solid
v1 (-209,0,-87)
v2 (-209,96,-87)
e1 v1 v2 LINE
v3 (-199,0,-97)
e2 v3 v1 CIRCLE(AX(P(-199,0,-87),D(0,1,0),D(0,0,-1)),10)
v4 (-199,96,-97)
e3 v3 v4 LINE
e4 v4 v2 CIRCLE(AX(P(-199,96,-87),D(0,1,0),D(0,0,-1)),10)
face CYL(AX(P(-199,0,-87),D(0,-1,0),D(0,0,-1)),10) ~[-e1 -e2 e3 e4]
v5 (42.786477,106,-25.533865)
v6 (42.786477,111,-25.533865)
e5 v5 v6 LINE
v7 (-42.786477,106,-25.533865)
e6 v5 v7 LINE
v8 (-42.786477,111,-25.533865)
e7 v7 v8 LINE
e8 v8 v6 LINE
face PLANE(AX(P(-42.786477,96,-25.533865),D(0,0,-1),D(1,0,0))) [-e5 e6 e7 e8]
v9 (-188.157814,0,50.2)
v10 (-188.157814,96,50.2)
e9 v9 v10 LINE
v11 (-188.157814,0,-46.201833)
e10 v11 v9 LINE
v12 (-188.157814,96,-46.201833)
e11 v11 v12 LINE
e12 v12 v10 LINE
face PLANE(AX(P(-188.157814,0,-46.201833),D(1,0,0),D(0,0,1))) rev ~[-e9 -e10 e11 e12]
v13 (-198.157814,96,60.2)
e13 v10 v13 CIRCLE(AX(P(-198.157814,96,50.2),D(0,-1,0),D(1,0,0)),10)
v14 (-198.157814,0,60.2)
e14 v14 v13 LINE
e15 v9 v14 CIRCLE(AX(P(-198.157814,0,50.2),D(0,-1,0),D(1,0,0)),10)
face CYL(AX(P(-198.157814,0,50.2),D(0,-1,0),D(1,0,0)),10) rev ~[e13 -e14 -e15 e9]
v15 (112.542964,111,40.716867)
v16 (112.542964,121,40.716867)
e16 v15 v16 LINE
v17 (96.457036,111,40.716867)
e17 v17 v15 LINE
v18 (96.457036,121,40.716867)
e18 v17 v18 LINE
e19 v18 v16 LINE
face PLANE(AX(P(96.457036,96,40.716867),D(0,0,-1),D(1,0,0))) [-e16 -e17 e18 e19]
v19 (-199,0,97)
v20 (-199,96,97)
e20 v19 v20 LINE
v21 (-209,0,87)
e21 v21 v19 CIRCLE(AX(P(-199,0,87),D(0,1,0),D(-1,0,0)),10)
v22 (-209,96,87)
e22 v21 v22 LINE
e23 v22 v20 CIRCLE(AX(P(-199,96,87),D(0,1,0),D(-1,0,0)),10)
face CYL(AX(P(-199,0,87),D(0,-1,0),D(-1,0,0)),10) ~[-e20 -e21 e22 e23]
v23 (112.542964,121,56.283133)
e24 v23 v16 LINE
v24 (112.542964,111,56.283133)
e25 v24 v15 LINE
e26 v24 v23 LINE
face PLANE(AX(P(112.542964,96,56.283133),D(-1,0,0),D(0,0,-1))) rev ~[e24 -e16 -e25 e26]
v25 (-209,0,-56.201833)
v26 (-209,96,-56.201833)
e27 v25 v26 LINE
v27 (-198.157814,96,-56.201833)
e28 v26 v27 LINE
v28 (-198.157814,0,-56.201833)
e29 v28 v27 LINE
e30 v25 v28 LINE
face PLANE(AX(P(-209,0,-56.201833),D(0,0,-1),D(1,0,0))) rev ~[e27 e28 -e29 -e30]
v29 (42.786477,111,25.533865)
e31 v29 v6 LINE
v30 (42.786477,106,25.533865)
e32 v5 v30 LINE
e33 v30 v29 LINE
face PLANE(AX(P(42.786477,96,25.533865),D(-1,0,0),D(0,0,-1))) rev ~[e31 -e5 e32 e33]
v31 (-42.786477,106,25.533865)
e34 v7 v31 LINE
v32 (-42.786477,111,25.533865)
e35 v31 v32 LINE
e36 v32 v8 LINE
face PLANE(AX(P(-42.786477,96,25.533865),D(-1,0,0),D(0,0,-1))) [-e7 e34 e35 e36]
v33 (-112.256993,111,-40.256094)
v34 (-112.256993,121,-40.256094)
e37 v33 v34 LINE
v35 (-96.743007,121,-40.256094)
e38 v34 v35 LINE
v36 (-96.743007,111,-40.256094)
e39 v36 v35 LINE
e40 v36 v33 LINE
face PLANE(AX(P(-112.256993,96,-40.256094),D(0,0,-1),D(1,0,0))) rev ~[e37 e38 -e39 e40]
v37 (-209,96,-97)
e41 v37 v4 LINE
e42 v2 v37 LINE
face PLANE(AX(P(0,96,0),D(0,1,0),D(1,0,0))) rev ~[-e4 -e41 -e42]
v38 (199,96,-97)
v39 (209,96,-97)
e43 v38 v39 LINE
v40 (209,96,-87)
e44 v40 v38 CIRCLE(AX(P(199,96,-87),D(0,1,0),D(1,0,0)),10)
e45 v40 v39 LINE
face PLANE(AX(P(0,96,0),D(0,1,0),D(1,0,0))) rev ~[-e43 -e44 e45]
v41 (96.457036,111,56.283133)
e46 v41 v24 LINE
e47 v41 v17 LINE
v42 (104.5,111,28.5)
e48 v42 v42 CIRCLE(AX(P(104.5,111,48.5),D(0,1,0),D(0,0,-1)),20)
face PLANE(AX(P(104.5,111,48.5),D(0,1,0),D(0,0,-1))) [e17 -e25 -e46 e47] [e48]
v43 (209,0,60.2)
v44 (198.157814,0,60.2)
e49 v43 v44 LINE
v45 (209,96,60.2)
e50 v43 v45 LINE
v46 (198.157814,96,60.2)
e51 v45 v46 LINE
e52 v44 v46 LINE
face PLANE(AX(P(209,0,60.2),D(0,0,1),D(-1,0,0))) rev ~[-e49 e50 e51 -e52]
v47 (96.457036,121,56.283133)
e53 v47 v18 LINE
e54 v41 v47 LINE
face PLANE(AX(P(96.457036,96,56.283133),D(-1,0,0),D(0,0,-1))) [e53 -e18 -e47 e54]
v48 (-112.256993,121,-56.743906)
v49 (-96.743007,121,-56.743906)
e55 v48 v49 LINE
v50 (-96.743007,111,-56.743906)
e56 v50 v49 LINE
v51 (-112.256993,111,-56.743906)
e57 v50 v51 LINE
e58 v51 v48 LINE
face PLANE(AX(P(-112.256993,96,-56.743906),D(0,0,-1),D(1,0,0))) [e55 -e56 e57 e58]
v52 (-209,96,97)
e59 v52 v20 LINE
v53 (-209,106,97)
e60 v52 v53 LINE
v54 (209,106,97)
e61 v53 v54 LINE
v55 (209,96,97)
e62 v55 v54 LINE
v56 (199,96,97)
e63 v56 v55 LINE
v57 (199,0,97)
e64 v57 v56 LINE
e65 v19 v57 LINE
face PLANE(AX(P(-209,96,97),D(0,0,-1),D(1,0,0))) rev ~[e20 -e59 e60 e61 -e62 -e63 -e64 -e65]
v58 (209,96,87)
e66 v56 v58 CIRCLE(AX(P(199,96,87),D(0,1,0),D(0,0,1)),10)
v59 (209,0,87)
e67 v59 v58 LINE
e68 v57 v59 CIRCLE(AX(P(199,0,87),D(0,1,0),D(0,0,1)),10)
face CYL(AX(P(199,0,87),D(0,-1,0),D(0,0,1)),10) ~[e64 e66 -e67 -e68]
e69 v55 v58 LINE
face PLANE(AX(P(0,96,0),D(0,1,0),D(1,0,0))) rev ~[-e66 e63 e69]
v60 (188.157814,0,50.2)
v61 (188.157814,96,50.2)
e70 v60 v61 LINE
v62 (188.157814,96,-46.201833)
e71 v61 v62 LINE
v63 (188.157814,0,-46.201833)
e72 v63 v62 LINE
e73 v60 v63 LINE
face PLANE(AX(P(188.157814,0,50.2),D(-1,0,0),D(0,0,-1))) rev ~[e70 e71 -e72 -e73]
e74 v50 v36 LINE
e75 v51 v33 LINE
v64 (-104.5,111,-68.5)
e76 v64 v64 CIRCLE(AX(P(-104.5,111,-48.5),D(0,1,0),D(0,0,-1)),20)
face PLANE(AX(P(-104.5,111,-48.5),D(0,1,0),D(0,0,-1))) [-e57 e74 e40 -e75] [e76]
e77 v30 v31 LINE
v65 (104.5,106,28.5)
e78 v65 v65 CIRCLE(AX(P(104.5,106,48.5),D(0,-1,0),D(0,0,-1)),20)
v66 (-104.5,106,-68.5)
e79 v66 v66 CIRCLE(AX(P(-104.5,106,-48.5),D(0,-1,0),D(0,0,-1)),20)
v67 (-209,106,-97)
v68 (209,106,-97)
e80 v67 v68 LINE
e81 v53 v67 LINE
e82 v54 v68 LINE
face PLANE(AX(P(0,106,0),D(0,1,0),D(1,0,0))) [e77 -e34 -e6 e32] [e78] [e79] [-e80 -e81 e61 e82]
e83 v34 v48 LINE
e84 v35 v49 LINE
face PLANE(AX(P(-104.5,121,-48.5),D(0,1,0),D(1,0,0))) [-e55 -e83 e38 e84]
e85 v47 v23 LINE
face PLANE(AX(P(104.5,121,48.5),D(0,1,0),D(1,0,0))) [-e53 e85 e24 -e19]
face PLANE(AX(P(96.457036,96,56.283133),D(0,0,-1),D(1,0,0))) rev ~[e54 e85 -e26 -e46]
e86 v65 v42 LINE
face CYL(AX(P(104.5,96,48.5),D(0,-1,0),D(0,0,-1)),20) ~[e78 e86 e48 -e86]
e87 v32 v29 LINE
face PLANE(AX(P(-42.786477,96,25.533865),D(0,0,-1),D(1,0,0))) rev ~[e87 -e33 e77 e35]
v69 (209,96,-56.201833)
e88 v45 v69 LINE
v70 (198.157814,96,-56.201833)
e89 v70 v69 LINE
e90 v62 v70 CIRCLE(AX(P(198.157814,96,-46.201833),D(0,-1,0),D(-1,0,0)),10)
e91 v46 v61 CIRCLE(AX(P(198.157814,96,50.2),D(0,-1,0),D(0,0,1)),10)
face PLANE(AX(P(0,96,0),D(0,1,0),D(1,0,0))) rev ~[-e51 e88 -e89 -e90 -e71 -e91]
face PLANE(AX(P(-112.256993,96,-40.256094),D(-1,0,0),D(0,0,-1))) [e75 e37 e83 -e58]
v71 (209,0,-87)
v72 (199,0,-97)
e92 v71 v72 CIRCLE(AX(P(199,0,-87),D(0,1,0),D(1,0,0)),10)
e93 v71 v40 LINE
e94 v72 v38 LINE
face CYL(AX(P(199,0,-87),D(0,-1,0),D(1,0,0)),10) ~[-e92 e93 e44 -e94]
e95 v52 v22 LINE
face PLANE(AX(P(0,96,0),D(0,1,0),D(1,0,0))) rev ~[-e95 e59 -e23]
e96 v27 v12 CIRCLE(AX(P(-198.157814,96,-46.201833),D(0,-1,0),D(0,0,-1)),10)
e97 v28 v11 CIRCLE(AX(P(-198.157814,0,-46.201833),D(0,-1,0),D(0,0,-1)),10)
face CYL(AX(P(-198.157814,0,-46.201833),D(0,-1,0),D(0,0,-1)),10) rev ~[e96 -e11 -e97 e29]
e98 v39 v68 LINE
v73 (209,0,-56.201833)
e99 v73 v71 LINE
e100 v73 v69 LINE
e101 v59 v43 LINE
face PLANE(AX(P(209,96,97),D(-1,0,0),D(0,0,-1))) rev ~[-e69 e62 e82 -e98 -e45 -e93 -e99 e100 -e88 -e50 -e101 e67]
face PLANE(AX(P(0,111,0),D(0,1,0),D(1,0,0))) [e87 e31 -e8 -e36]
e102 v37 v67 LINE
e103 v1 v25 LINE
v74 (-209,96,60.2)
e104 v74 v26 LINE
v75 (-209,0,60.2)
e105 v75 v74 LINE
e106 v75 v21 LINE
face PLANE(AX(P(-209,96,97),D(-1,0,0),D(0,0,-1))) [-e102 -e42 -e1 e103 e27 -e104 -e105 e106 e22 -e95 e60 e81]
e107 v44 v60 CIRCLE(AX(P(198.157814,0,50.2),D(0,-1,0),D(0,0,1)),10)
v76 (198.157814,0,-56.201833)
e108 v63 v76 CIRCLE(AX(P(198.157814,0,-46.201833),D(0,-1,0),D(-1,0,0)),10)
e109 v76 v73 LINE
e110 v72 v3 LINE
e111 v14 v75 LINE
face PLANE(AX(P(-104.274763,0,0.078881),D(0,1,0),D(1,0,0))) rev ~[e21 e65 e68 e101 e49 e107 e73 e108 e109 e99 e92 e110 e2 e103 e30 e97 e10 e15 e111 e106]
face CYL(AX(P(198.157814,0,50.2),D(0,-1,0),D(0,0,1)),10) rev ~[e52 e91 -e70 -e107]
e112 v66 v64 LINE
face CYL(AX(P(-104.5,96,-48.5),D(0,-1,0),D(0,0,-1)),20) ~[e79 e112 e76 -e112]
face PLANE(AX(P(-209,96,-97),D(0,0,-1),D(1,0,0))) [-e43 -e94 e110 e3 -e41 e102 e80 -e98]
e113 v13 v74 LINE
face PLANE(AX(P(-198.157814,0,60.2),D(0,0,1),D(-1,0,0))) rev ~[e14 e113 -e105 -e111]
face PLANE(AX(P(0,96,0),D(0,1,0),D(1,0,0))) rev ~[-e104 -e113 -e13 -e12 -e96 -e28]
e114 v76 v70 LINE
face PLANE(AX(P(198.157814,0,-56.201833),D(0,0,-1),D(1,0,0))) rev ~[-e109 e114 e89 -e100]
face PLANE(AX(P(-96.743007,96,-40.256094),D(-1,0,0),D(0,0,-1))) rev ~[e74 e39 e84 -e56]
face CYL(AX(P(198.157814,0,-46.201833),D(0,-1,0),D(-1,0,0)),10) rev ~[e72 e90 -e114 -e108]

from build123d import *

# Parameters (mm, degrees)
BOSS_EXTRUDE2_DEPTH = 96
SKETCH2_W           = 418
SKETCH2_H           = 194
BOSS_EXTRUDE3_DEPTH = 10
SKETCH3_R           = 20
BOSS_EXTRUDE5_DEPTH = 15
SKETCH3_4_W         = 15.513986376
SKETCH3_4_H         = 16.487812262
SKETCH3_4_W_2       = 16.085927628
SKETCH3_4_H_2       = 15.566266702
BOSS_EXTRUDE6_DEPTH = 25
SKETCH3_6_R         = 20
BOSS_EXTRUDE7_DEPTH = 15
SKETCH4_W           = 85.572953824
SKETCH4_H           = 51.067730508
BOSS_EXTRUDE8_DEPTH = 15


with BuildPart() as part:
    # Sketch1 → Boss-Extrude2 (new body)
    with BuildSketch(Plane(origin=(0, 0, 0), x_dir=(1, 0, 0), z_dir=(0, 1, 0))):
        with BuildLine():
            Line((-209, -60.2), (-209, -87))
            ThreePointArc((-209, -87), (-206.071067812, -94.071067812), (-199, -97))
            Line((-199, -97), (199, -97))
            ThreePointArc((199, -97), (206.071067812, -94.071067812), (209, -87))
            Line((209, -87), (209, -60.2))
            Line((209, -60.2), (198.157814389, -60.2))
            ThreePointArc((198.157814389, -60.2), (191.086746578, -57.271067812), (188.157814389, -50.2))
            Line((188.157814389, -50.2), (188.157814389, 46.20183264))
            ThreePointArc((188.157814389, 46.20183264), (191.086746578, 53.272900452), (198.157814389, 56.20183264))
            Line((198.157814389, 56.20183264), (209, 56.20183264))
            Line((209, 56.20183264), (209, 87))
            ThreePointArc((209, 87), (206.071067812, 94.071067812), (199, 97))
            Line((199, 97), (-199, 97))
            ThreePointArc((-199, 97), (-206.071067812, 94.071067812), (-209, 87))
            Line((-209, 87), (-209, 56.20183264))
            Line((-209, 56.20183264), (-198.157814389, 56.20183264))
            ThreePointArc((-198.157814389, 56.20183264), (-191.086746578, 53.272900452), (-188.157814389, 46.20183264))
            Line((-188.157814389, 46.20183264), (-188.157814389, -50.2))
            ThreePointArc((-188.157814389, -50.2), (-191.086746578, -57.271067812), (-198.157814389, -60.2))
            Line((-198.157814389, -60.2), (-209, -60.2))
        make_face()
    extrude(amount=BOSS_EXTRUDE2_DEPTH)

    # Sketch2 → Boss-Extrude3 (add)
    with BuildSketch(Plane(origin=(0, 96, 0), x_dir=(1, 0, 0), z_dir=(0, 1, 0))):
        Rectangle(SKETCH2_W, SKETCH2_H)
    extrude(amount=BOSS_EXTRUDE3_DEPTH)

    # Sketch3 → Boss-Extrude5 (add)
    with BuildSketch(Plane(origin=(0, 96, 0), x_dir=(1, 0, 0), z_dir=(0, 1, 0))):
        with Locations((-104.5, 48.5)):
            Circle(SKETCH3_R)
    extrude(amount=BOSS_EXTRUDE5_DEPTH)

    # Sketch3<4> → Boss-Extrude6 (add)
    with BuildSketch(Plane(origin=(0, 96, 0), x_dir=(1, 0, 0), z_dir=(0, 1, 0))):
        with Locations((-104.5, 48.5)):
            Rectangle(SKETCH3_4_W, SKETCH3_4_H)
        with Locations((104.5, -48.5)):
            Rectangle(SKETCH3_4_W_2, SKETCH3_4_H_2)
    extrude(amount=BOSS_EXTRUDE6_DEPTH)

    # Sketch3<6> → Boss-Extrude7 (add)
    with BuildSketch(Plane(origin=(0, 96, 0), x_dir=(1, 0, 0), z_dir=(0, 1, 0))):
        with Locations((104.5, -48.5)):
            Circle(SKETCH3_6_R)
    extrude(amount=BOSS_EXTRUDE7_DEPTH)

    # Sketch4 → Boss-Extrude8 (add)
    with BuildSketch(Plane(origin=(0, 96, 0), x_dir=(1, 0, 0), z_dir=(0, 1, 0))):
        Rectangle(SKETCH4_W, SKETCH4_H)
    extrude(amount=BOSS_EXTRUDE8_DEPTH)


solid = part.part
